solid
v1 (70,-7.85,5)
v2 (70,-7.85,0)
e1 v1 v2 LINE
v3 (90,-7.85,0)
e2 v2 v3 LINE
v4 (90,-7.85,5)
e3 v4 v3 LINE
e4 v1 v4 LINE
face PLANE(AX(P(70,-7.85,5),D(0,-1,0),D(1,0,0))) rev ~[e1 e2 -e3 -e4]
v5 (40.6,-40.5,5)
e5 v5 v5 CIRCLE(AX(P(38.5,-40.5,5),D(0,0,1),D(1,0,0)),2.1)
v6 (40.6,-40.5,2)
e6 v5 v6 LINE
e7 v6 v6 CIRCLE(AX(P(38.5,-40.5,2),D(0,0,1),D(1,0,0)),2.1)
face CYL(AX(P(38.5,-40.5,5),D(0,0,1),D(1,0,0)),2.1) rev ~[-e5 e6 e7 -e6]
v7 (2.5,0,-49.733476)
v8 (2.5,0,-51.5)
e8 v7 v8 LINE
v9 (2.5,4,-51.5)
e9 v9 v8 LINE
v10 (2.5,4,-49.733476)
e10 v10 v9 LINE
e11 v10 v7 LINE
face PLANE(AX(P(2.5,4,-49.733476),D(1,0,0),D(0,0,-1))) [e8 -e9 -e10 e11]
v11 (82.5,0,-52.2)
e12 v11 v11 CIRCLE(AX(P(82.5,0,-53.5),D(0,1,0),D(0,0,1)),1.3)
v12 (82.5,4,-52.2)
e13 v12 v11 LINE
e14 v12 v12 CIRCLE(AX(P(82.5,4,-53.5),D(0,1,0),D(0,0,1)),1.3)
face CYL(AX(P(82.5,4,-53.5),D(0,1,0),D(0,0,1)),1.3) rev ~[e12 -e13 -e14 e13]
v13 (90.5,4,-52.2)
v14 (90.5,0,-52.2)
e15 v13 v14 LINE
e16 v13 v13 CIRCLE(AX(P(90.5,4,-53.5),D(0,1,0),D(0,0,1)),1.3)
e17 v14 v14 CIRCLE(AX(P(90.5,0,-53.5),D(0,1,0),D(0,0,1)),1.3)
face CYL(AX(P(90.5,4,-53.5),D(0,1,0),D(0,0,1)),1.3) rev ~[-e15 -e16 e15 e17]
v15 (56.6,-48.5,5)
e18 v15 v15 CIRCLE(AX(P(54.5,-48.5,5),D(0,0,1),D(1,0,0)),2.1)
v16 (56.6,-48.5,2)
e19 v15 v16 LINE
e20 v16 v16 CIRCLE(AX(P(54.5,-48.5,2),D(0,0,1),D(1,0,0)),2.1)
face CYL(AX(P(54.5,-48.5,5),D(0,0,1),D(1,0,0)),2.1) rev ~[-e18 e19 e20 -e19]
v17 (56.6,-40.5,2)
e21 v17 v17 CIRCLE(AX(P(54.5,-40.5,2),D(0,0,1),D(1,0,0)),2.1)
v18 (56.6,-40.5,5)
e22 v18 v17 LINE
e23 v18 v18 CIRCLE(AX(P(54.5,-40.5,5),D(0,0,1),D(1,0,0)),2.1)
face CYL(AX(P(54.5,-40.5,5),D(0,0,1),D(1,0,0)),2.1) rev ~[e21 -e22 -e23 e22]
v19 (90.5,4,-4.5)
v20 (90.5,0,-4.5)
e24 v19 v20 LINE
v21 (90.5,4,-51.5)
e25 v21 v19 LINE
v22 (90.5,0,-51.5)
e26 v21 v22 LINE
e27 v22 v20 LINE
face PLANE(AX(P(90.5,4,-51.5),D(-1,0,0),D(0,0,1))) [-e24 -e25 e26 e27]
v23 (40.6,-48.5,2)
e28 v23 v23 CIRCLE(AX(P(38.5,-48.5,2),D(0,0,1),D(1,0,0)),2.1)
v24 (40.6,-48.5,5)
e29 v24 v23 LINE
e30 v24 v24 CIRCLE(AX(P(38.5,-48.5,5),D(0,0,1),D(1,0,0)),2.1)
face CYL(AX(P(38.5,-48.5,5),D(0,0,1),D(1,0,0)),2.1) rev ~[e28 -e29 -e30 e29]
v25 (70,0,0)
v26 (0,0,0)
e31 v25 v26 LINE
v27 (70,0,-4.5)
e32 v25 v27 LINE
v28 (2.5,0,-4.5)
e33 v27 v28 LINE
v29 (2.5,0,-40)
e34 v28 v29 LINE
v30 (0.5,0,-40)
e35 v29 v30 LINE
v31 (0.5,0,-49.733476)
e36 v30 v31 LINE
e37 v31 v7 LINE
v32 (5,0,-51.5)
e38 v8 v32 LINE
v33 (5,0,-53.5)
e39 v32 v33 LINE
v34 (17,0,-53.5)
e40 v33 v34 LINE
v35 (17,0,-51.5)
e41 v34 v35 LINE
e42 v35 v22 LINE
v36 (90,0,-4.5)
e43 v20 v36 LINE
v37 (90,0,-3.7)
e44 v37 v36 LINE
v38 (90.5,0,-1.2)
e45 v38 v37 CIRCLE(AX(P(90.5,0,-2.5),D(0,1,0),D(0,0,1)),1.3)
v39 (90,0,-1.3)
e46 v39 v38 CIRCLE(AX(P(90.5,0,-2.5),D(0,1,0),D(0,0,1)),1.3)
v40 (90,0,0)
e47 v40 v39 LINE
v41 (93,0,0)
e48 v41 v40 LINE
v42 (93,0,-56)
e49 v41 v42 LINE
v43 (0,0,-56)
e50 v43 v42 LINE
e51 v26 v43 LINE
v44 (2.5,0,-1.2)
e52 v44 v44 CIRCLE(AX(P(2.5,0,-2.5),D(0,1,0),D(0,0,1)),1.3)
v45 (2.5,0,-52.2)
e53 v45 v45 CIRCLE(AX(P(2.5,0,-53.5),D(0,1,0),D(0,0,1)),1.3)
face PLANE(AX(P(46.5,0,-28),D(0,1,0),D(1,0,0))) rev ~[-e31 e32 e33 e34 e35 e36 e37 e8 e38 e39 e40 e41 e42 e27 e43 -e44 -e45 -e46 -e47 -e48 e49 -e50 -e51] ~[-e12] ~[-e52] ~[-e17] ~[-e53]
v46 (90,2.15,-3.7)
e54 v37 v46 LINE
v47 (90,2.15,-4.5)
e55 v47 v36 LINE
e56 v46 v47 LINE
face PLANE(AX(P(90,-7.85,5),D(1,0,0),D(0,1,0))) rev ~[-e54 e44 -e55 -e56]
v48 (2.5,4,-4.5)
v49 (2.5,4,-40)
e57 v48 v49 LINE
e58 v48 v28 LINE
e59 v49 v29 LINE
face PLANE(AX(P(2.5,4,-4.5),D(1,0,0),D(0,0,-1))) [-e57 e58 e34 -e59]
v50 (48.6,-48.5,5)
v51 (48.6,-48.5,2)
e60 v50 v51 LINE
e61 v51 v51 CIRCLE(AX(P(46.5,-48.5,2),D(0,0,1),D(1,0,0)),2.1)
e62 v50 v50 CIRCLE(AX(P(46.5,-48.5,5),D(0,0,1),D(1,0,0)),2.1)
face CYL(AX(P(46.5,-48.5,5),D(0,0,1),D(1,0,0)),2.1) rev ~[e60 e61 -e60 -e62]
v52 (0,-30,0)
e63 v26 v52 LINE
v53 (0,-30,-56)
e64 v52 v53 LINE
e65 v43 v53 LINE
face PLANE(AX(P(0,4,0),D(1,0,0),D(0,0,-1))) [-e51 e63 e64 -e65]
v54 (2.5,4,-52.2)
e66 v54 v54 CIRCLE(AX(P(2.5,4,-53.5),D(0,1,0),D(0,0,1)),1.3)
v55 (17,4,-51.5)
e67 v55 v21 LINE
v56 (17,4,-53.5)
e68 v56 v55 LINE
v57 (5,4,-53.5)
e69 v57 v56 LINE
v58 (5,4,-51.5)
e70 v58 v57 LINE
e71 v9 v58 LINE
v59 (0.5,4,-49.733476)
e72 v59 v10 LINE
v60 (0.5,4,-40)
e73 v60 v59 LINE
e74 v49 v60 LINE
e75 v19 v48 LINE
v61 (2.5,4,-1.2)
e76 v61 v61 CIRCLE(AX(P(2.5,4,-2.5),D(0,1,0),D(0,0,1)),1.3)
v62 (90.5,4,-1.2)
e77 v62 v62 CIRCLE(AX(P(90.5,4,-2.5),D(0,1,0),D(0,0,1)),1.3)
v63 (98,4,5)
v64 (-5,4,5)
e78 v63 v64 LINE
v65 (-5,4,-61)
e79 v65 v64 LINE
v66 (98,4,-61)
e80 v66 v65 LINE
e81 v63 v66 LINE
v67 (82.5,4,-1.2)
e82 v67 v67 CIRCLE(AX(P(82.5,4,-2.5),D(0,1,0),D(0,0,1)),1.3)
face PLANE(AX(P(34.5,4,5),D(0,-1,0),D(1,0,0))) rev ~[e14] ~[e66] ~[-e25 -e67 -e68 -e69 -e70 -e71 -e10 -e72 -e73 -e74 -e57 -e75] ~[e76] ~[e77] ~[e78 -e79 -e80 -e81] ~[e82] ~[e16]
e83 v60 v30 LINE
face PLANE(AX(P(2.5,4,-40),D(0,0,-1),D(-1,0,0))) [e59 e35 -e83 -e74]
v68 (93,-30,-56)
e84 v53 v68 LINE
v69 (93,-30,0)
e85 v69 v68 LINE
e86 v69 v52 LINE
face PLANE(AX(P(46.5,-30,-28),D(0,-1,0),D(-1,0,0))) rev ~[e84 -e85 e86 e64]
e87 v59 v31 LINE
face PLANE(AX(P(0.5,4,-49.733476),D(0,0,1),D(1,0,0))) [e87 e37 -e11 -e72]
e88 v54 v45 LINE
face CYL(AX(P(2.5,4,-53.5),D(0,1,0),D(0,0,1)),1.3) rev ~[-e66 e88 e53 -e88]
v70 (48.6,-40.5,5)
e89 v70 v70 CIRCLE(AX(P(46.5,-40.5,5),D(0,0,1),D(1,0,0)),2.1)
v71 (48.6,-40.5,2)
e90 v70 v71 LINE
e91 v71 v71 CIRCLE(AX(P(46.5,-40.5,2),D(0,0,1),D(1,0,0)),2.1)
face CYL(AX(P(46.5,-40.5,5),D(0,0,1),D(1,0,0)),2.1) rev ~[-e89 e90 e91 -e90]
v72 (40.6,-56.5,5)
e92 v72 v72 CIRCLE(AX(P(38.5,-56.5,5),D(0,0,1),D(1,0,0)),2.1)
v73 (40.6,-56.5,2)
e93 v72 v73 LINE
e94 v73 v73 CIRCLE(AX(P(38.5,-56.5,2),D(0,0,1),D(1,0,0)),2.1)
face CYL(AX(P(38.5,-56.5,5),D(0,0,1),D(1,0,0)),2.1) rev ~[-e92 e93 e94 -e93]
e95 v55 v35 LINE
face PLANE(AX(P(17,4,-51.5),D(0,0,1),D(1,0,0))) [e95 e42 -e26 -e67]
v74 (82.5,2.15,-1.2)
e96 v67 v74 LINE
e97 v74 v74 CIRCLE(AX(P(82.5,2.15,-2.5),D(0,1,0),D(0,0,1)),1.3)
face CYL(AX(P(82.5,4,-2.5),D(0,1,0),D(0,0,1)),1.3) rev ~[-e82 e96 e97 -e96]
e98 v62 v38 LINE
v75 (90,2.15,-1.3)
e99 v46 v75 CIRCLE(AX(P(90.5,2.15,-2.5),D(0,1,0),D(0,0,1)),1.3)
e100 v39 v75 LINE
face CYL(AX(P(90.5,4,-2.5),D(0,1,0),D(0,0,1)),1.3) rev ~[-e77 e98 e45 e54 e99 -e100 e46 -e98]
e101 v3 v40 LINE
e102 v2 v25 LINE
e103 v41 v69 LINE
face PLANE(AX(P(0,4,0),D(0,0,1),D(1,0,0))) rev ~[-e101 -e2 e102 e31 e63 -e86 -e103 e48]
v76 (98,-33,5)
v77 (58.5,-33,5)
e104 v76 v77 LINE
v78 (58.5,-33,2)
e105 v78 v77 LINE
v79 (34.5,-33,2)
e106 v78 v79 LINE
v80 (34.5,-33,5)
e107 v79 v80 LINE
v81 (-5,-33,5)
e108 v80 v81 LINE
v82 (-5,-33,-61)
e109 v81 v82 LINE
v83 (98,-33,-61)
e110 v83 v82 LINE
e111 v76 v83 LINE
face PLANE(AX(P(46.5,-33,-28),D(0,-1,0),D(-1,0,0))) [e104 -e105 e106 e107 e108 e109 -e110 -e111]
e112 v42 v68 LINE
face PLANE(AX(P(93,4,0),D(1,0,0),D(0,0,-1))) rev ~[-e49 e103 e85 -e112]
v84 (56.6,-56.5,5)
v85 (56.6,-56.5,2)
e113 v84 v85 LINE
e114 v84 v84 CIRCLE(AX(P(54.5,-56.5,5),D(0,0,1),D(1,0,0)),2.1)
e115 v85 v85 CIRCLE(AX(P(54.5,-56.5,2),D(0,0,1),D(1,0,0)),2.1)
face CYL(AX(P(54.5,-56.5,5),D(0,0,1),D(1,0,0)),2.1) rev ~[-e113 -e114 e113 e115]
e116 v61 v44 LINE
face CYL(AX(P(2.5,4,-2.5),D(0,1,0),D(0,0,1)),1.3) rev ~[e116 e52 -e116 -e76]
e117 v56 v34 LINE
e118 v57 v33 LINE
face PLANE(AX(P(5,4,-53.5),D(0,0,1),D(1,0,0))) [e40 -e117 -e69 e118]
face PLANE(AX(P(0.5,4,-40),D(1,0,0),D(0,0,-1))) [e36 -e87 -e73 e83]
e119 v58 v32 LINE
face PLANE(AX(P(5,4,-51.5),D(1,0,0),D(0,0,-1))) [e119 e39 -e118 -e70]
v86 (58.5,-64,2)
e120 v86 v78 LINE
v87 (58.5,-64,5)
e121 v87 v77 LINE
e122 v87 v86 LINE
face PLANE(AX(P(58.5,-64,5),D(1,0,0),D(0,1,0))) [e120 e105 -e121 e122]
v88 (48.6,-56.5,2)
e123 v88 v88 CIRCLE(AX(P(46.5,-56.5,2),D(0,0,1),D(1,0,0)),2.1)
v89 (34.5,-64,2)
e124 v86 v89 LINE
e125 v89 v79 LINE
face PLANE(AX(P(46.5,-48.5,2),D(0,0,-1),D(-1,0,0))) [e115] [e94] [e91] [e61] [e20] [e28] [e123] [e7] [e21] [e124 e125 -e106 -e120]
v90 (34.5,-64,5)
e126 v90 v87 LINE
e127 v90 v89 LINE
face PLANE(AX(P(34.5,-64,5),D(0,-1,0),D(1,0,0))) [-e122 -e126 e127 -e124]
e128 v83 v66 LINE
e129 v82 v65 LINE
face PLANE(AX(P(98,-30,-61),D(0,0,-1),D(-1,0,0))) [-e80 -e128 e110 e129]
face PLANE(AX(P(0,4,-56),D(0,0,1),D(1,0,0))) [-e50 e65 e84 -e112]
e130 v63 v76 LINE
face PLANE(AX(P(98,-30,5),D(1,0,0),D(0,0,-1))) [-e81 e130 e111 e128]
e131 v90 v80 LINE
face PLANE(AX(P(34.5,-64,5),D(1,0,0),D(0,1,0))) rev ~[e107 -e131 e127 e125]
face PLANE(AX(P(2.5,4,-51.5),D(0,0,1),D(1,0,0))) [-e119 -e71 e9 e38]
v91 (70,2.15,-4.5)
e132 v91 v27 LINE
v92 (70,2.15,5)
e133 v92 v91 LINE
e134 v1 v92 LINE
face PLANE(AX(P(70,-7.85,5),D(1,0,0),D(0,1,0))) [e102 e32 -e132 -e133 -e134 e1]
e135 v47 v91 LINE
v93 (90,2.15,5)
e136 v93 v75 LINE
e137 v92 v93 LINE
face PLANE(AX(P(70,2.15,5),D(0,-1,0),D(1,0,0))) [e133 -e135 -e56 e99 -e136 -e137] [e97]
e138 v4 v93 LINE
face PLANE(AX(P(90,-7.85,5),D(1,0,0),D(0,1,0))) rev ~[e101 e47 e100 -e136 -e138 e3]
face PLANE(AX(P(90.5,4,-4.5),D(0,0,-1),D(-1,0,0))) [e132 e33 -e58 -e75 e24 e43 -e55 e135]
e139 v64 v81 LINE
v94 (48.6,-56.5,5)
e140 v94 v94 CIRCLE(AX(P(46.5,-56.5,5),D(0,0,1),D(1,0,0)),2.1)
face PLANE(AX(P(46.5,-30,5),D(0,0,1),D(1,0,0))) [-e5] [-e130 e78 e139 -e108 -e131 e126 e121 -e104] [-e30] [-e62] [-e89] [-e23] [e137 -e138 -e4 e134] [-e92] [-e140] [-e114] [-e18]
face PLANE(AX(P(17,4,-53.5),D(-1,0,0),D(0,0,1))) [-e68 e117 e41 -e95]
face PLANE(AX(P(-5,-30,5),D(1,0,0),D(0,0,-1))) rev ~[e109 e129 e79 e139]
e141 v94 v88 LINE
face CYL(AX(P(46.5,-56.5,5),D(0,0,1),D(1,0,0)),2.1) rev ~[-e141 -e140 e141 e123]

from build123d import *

# Parameters (mm, degrees)
SKETCH_1_W          = 93
SKETCH_1_H          = 56
EXTRUDE_1_DEPTH     = 4
SKETCH_2_R          = 1.3
CUT_EXTRUDE_1_DEPTH = 4
SKETCH_3_W          = 5
SKETCH_3_H          = 56
EXTRUDE_2_DEPTH     = 34
SKETCH_4_W          = 103
SKETCH_4_H          = 66
EXTRUDE_3_DEPTH     = 3
CUT_EXTRUDE_2_DEPTH = 21
SKETCH_6_W          = 24
SKETCH_6_H          = 68
EXTRUDE_4_DEPTH     = 5
SKETCH_7_R          = 2.1
CUT_EXTRUDE_3_DEPTH = 5
SKETCH_9_W          = 24
SKETCH_9_H          = 31
SKETCH_9_R          = 1.8
CUT_EXTRUDE_5_DEPTH = 2
SKETCH_10_W         = 20
SKETCH_10_H         = 10
CUT_EXTRUDE_6_DEPTH = 10


with BuildPart() as part:
    # 草圖1 → 填料-伸長1 (new body)
    with BuildSketch(Plane(origin=(0, 0, 0), x_dir=(1, 0, 0), z_dir=(0, 1, 0))):
        with Locations((46.5, 28)):
            Rectangle(SKETCH_1_W, SKETCH_1_H)
    extrude(amount=EXTRUDE_1_DEPTH)

    # 草圖2 → 除料-伸長1 (cut)
    with BuildSketch(Plane(origin=(0, 4, 0), x_dir=(1, 0, 0), z_dir=(0, 1, 0))):
        with Locations(Location((90.5, 53.5, 0), (0, 0, 270))):
            Circle(SKETCH_2_R)
        with Locations(Location((90.5, 2.5, 0), (0, 0, 270))):
            Circle(SKETCH_2_R)
        with Locations(Location((2.5, 53.5, 0), (0, 0, 270))):
            Circle(SKETCH_2_R)
        with Locations(Location((2.5, 2.5, 0), (0, 0, 270))):
            Circle(SKETCH_2_R)
        with Locations(Location((82.5, 2.5, 0), (0, 0, 270))):
            Circle(SKETCH_2_R)
        with Locations(Location((82.5, 53.5, 0), (0, 0, 270))):
            Circle(SKETCH_2_R)
    extrude(amount=-CUT_EXTRUDE_1_DEPTH, mode=Mode.SUBTRACT)

    # 草圖3 → 填料-伸長2 (add)
    with BuildSketch(Plane(origin=(0, 4, 0), x_dir=(1, 0, 0), z_dir=(0, 1, 0))):
        with Locations((-2.5, 28)):
            Rectangle(SKETCH_3_W, SKETCH_3_H)
        Polygon((93, 56), (98, 56), (98, 61), (-5, 61), (-5, 56), (0, 56), align=None)
        with Locations((95.5, 28)):
            Rectangle(SKETCH_3_W, SKETCH_3_H)
        Polygon((98, 0), (98, -5), (-5, -5), (-5, 0), (0, 0), (93, 0), align=None)
    extrude(amount=-EXTRUDE_2_DEPTH)

    # 草圖4 → 填料-伸長3 (add)
    with BuildSketch(Plane(origin=(0, -30, 0), x_dir=(-1, 0, 0), z_dir=(0, -1, 0))):
        with Locations((-46.5, 28)):
            Rectangle(SKETCH_4_W, SKETCH_4_H)
    extrude(amount=EXTRUDE_3_DEPTH)

    # 草圖5 → 除料-伸長2 (cut)
    with BuildSketch(Plane(origin=(0, 4, 0), x_dir=(1, 0, 0), z_dir=(0, 1, 0))):
        Polygon((2.5, 51.5), (5, 51.5), (5, 53.5), (17, 53.5), (17, 51.5), (90.5, 51.5), (90.5, 4.5), (2.5, 4.5), (2.5, 40), (0.5, 40), (0.5, 49.733475986), (2.5, 49.733475986), align=None)
    extrude(amount=-CUT_EXTRUDE_2_DEPTH, mode=Mode.SUBTRACT)

    # 草圖6 → 填料-伸長4 (add)
    with BuildSketch(Plane.XY.offset(5)):
        with Locations((46.5, -30)):
            Rectangle(SKETCH_6_W, SKETCH_6_H)
    extrude(amount=-EXTRUDE_4_DEPTH)

    # 草圖7 → 除料-伸長3 (cut)
    with BuildSketch(Plane.XY.offset(5)):
        with Locations((38.5, -40.5)):
            Circle(SKETCH_7_R)
        with Locations((38.5, -48.5)):
            Circle(SKETCH_7_R)
        with Locations((38.5, -56.5)):
            Circle(SKETCH_7_R)
        with Locations((46.5, -40.5)):
            Circle(SKETCH_7_R)
        with Locations((46.5, -48.5)):
            Circle(SKETCH_7_R)
        with Locations((46.5, -56.5)):
            Circle(SKETCH_7_R)
        with Locations((54.5, -40.5)):
            Circle(SKETCH_7_R)
        with Locations((54.5, -48.5)):
            Circle(SKETCH_7_R)
        with Locations((54.5, -56.5)):
            Circle(SKETCH_7_R)
    extrude(amount=-CUT_EXTRUDE_3_DEPTH, mode=Mode.SUBTRACT)

    # 草圖9 → 除料-伸長5 (cut)
    with BuildSketch(Plane(origin=(0, 0, 0), x_dir=(-1, 0, 0), z_dir=(0, 0, -1))):
        with Locations((-46.5, -48.5)):
            Rectangle(SKETCH_9_W, SKETCH_9_H)
        with Locations((-54.5, -40.5)):
            Circle(SKETCH_9_R, mode=Mode.SUBTRACT)
        with Locations((-46.5, -40.5)):
            Circle(SKETCH_9_R, mode=Mode.SUBTRACT)
        with Locations((-38.5, -40.5)):
            Circle(SKETCH_9_R, mode=Mode.SUBTRACT)
        with Locations((-38.5, -48.5)):
            Circle(SKETCH_9_R, mode=Mode.SUBTRACT)
        with Locations((-46.5, -48.5)):
            Circle(SKETCH_9_R, mode=Mode.SUBTRACT)
        with Locations((-54.5, -48.5)):
            Circle(SKETCH_9_R, mode=Mode.SUBTRACT)
        with Locations((-54.5, -56.5)):
            Circle(SKETCH_9_R, mode=Mode.SUBTRACT)
        with Locations((-46.5, -56.5)):
            Circle(SKETCH_9_R, mode=Mode.SUBTRACT)
        with Locations((-38.5, -56.5)):
            Circle(SKETCH_9_R, mode=Mode.SUBTRACT)
    extrude(amount=-CUT_EXTRUDE_5_DEPTH, mode=Mode.SUBTRACT)

    # 草圖10 → 除料-伸長6 (cut)
    with BuildSketch(Plane.XY.offset(5)):
        with Locations((80, -2.85)):
            Rectangle(SKETCH_10_W, SKETCH_10_H)
    extrude(amount=-CUT_EXTRUDE_6_DEPTH, mode=Mode.SUBTRACT)


solid = part.part
